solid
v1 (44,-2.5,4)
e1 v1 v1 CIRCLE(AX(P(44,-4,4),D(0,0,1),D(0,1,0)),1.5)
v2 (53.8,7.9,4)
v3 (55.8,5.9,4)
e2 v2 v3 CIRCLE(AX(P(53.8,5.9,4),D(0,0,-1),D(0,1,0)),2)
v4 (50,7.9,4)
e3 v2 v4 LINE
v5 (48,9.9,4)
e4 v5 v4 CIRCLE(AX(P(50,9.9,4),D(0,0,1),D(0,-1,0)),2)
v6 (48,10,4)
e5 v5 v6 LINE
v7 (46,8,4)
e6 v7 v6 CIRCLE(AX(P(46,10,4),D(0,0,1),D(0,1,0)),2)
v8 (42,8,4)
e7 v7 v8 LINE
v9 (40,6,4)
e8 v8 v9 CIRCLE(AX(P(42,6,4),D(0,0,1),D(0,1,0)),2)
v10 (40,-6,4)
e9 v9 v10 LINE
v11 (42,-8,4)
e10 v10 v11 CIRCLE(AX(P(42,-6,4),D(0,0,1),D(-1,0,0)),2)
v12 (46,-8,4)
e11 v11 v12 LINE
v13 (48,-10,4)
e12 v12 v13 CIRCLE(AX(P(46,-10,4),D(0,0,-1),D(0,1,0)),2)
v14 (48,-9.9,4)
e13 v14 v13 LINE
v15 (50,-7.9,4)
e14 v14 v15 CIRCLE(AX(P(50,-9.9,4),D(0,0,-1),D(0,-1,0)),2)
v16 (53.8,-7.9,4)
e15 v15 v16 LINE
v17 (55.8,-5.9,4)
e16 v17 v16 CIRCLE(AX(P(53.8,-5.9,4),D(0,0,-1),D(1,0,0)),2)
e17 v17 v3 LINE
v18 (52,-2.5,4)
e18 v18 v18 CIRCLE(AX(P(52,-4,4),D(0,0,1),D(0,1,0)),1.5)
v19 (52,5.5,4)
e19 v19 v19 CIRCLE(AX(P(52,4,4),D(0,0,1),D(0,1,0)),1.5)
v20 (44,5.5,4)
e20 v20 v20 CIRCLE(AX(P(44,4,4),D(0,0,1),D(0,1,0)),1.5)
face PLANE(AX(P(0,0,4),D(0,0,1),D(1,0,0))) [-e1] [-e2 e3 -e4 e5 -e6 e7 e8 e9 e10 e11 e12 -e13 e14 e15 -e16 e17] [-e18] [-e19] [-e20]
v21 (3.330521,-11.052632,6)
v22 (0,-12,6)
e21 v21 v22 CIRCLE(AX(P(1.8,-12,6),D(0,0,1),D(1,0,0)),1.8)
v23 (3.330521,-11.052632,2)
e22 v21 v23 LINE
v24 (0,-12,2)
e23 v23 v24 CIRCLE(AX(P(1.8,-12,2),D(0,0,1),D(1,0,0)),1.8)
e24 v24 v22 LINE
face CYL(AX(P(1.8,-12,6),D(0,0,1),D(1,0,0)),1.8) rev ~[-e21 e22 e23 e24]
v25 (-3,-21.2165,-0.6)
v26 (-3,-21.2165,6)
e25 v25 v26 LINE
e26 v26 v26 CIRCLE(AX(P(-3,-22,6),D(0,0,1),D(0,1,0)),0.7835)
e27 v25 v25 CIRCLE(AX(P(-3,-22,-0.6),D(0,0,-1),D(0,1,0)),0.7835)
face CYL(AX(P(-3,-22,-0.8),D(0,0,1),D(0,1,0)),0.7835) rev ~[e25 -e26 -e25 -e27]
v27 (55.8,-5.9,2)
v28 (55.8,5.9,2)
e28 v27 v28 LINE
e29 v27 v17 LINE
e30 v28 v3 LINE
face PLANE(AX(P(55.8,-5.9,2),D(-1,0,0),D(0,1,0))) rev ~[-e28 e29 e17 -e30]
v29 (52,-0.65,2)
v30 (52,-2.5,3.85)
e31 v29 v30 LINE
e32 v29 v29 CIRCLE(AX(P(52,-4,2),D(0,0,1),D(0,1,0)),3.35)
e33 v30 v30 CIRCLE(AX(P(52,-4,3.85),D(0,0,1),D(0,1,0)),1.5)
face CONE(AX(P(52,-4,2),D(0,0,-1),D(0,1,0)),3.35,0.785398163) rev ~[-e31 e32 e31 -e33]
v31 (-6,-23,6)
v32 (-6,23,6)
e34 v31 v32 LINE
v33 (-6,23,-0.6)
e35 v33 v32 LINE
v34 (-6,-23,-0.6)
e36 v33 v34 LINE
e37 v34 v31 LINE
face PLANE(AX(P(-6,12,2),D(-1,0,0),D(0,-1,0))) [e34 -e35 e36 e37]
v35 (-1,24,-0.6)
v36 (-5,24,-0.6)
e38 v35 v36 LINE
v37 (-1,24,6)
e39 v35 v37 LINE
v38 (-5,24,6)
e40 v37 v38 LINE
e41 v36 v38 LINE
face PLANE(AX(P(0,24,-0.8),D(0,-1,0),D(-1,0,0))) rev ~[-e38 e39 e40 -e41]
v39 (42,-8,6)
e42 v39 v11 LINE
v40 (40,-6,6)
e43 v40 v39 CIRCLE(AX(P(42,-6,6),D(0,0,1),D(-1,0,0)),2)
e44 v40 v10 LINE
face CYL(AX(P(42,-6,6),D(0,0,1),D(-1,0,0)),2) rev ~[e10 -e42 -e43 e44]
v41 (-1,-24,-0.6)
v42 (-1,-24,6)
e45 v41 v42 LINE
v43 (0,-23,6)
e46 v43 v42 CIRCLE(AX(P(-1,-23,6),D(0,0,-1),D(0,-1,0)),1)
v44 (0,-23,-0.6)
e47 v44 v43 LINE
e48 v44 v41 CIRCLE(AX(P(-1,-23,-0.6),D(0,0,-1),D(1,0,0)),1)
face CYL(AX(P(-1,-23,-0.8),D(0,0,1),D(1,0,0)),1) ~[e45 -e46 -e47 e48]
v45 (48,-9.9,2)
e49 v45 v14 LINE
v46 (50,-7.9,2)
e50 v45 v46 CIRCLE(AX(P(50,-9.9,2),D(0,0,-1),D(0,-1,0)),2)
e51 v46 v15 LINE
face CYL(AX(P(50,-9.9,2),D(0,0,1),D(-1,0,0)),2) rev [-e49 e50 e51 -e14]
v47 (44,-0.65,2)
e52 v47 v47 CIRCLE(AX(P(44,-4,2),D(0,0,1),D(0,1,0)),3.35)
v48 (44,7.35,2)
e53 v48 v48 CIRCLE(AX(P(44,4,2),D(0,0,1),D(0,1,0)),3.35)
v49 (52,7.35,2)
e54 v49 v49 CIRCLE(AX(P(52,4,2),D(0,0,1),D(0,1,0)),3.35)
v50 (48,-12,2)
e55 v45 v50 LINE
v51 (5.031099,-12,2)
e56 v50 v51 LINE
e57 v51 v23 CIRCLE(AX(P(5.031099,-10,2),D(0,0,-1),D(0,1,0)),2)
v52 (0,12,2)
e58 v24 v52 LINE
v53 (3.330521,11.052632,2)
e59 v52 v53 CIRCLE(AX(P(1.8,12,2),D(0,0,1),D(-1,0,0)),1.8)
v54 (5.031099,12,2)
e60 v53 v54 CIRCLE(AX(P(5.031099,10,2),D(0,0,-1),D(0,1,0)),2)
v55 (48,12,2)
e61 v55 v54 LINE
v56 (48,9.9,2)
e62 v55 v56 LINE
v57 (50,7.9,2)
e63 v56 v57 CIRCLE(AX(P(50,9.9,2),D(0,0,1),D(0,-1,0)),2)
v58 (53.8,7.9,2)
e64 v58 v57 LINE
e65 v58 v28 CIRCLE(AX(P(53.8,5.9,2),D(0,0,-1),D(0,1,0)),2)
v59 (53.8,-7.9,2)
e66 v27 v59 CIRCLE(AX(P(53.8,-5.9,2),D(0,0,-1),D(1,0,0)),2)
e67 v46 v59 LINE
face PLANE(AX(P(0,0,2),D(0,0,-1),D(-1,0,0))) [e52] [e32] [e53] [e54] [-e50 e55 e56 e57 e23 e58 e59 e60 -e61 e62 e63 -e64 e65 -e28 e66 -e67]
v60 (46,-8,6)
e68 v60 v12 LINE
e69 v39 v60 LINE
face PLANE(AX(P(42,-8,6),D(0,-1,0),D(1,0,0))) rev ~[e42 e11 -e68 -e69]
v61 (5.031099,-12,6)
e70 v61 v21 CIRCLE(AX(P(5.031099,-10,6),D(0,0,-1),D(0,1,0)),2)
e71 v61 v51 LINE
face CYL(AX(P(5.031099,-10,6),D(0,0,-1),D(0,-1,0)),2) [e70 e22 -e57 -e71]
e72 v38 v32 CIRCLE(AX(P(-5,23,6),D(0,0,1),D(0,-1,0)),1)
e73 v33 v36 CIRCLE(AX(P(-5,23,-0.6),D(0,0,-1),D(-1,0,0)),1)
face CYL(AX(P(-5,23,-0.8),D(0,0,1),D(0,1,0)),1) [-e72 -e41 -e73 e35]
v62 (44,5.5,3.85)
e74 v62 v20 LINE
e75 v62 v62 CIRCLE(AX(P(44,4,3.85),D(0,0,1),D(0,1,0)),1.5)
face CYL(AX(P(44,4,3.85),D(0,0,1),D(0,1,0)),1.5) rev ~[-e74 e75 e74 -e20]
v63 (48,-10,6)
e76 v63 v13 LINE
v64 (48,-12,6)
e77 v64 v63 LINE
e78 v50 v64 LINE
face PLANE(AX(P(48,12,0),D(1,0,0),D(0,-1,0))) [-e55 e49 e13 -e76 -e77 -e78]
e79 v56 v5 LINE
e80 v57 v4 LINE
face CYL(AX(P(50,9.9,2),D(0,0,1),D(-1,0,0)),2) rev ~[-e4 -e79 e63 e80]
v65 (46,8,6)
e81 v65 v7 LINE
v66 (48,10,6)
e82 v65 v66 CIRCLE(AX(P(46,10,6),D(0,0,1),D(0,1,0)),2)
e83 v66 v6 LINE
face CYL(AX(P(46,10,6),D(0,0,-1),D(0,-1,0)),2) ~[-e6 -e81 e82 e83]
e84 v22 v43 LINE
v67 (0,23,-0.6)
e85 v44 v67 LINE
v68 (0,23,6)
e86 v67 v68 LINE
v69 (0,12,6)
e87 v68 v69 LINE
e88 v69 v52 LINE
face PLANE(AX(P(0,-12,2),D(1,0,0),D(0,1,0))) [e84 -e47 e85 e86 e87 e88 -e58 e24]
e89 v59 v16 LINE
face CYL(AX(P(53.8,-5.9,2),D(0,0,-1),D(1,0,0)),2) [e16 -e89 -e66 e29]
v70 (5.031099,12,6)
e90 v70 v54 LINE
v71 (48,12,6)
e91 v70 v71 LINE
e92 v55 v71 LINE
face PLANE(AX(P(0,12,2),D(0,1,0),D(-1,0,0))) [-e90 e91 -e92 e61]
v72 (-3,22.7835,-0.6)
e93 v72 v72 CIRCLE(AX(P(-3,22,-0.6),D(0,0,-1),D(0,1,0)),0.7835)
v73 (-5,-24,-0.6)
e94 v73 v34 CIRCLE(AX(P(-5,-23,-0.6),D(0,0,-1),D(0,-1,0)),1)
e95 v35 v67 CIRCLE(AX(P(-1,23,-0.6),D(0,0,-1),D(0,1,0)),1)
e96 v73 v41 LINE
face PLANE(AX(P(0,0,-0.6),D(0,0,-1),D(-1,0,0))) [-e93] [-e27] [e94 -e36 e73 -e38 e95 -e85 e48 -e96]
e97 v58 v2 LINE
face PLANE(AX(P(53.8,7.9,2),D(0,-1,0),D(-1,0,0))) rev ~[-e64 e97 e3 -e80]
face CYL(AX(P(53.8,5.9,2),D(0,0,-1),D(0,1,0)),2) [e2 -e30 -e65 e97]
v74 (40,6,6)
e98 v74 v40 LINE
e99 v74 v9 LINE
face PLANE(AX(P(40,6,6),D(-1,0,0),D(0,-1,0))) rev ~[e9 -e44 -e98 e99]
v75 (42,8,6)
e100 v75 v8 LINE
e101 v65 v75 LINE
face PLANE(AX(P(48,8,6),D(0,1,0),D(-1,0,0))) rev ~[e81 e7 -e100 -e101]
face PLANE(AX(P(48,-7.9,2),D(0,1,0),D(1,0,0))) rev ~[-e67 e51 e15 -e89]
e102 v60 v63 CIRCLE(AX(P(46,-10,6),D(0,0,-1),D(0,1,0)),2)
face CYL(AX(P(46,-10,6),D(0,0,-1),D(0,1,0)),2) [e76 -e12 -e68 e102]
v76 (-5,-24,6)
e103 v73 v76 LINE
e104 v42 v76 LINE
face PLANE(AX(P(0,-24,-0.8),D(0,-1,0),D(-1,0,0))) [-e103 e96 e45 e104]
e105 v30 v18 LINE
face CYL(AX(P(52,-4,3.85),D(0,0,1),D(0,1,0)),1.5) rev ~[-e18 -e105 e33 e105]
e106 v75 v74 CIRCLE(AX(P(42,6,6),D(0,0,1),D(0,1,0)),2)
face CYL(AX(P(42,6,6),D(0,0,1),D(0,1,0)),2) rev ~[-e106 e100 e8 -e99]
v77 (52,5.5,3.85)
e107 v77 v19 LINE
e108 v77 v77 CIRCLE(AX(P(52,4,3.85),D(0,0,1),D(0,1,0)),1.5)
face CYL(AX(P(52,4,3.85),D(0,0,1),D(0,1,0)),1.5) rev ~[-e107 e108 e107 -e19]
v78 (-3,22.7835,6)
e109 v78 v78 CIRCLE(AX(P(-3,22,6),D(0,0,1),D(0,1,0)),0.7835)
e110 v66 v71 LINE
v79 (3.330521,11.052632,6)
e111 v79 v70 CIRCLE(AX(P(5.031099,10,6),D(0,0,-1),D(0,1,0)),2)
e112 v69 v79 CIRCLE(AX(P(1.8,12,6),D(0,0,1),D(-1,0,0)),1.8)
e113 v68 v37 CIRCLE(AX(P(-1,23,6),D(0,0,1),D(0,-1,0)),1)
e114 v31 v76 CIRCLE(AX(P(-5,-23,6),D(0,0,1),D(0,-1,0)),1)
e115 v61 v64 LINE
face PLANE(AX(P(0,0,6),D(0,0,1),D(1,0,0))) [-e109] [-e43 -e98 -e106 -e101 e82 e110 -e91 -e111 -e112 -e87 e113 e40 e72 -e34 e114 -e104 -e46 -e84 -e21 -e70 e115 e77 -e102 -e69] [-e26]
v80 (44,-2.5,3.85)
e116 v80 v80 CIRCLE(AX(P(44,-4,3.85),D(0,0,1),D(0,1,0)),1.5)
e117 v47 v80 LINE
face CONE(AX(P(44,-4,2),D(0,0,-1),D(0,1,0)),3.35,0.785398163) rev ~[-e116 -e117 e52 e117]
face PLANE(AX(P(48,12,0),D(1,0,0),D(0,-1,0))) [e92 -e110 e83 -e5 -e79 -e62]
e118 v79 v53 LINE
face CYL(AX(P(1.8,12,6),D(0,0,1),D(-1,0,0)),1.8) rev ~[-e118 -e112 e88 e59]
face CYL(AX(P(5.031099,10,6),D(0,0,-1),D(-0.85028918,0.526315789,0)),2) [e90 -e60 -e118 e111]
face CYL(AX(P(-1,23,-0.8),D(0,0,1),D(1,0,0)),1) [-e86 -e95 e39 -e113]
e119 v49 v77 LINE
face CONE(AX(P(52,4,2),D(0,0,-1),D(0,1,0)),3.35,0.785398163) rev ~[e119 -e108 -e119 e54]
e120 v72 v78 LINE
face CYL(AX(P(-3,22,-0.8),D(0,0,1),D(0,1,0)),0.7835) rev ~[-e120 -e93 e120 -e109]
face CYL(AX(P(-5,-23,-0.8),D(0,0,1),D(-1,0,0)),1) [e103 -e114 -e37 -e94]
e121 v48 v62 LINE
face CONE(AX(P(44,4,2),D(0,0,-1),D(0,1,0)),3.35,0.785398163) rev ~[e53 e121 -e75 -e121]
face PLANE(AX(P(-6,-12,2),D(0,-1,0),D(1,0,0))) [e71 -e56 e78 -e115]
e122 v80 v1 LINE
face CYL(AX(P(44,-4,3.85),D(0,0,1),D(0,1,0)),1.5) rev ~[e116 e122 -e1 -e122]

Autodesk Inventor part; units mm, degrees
ref_plane "YZ Plane" through (0, 0, 0) normal (1, 0, 0) x (0, 1, 0)
ref_plane "XZ Plane" through (0, 0, 0) normal (0, 1, 0) x (-1, 0, 0)
ref_plane "XY Plane" through (0, 0, 0) normal (0, 0, 1) x (1, 0, 0)
sketch "Skizze1" plane through (0, 0, 0) normal (0, 0, 1) x (1, 0, 0)
  line L0 (-6, 12) -> (48, 12)
  line L1 (48, 12) -> (48, -12)
  line L2 (48, -12) -> (-6, -12)
  line L3 (-16.8, 0) -> (58.8, 0) projected
  line L4 (0, 16.8) -> (0, -16.8) projected
  line L5 (-6, 12) -> (-6, -12)
  point P0 (0, 0)
  dimension "d2" = 24
  dimension "d3" = 54
  dimension "d59" = 6
extrude "Extrusion1" add sketch "Skizze1" along normal blind 6
sketch "Skizze2" plane through (0, 0, 0) normal (0, 0, -1) x (-1, 0, 0)
  line L0 (-48, -12) -> (6, -12) projected
  line L1 (-48, 12) -> (-48, -12) projected
  line L2 (-48, 12) -> (6, 12) projected
  line L3 (6, -12) -> (-48, -12)
  line L4 (-48, -12) -> (-48, 12)
  line L5 (-48, 12) -> (6, 12)
  line L6 (6, 12) -> (6, -12)
  point P0 (0, 0)
extrude "Extrusion2" cut sketch "Skizze2" against normal blind 2
sketch "Skizze3" plane through (0, 0, 2) normal (0, 0, -1) x (-1, 0, 0)
  line L0 (6, -12) -> (-48, -12) projected
  line L1 (-48, -12) -> (-48, 12) projected
  line L2 (-48, 12) -> (6, 12) projected
  line L3 (-48, -12) -> (-44, -12)
  line L4 (-44, -12) -> (-44, 12)
  line L5 (-44, 12) -> (-48, 12)
  line L6 (-48, 12) -> (-48, -12)
  point P0 (0, 0)
  point P1 (0, -12.5)
  dimension "d9" = 4
extrude "Extrusion3" [suppressed]
sketch "Skizze4" plane through (0, 0, 6) normal (0, 0, 1) x (1, 0, 0)
  line L0 (48, -12) -> (48, 12) projected
  line L1 (-17, 0) -> (60, 0) projected
  point P0 (0, 0)
  point P1 (46, 0)
  dimension "d12" = 2
hole "Bohrung1" [suppressed]
pattern_linear "Rechteckige Anordnung1" [suppressed]
sketch "Skizze7" plane through (0, 0, 2) normal (0, 0, -1) x (-1, 0, 0)
  line L0 (6, -12) -> (-48, -12) projected
  line L1 (6, 12) -> (6, -12) projected
  line L2 (-48, 12) -> (6, 12) projected
  line L3 (-48, 12) -> (6, 12) projected
  line L4 (6, -12) -> (0, -12)
  line L5 (0, -12) -> (0, 12)
  line L6 (0, 12) -> (6, 12)
  line L7 (6, 12) -> (6, -12)
  line L8 (-48, -12) -> (-48, 12) projected
  point P0 (0, 0)
  point P1 (-44, 12)
extrude "Extrusion4" add sketch "Skizze7" along normal blind 2.8 contours L0 L5 L2 L1
sketch "Skizze8" plane through (0, 0, -0.8) normal (0, 0, -1) x (-1, 0, 0)
  line L0 (6, -12) -> (6, 12) projected
  line L1 (6, 12) -> (0, 12) projected
  line L2 (0, 12) -> (0, -12) projected
  line L3 (0, -12) -> (6, -12) projected
  line L4 (-58.8, 0) -> (16.8, 0) projected
  line L5 (6, 12) -> (0, 12)
  line L6 (0, 12) -> (0, 24)
  line L7 (0, 24) -> (6, 24)
  line L8 (6, 24) -> (6, 12)
  line L9 (6, -12) -> (-48, -12) projected
  line L10 (6, -12) -> (0, -12)
  line L11 (0, -12) -> (0, -24)
  line L12 (0, -24) -> (6, -24)
  line L13 (6, -24) -> (6, -12)
  line L14 (6, -12) -> (6, 12) projected
  dimension "d67" = 48
extrude "Extrusion5" add sketch "Skizze8" against normal up to surface (6.8 mm away)
sketch "Skizze9" plane through (0, 0, 6) normal (0, 0, 1) x (1, 0, 0)
  line L0 (0, -12) -> (48, -12) projected
  line L1 (48, -12) -> (48, 12) projected
  line L2 (48, 12) -> (0, 12) projected
  line L3 (0, 24) -> (0, 12) projected
  line L4 (-6, 24) -> (0, 24) projected
  line L5 (-6, -24) -> (-6, 24) projected
  line L6 (0, -24) -> (-6, -24) projected
  line L7 (0, -12) -> (0, -24) projected
  line L8 (48, 12) -> (0, 12) projected
  arc A0 (0, 12) -> (3.6, 12) centre (1.8, 12) ccw
  line L9 (0, -12) -> (48, -12) projected
  arc A1 (3.6, -12) -> (0, -12) centre (1.8, -12) ccw
  line L10 (-16.8, 0) -> (58.8, 0) projected
  point P0 (0, 0)
  point P1 (44, 12)
  point P2 (44, -12)
  dimension "d68" = 1.8
extrude "Extrusion6" cut sketch "Skizze9" against normal through all contours A1 L0 | A0 L2
fillet "Rundung1" radius 2 4 edges at (0, -12, 4) (3.6, -12, 4) (0, 12, 4) (3.6, 12, 4)
sketch "Skizze10" plane through (0, 0, -0.8) normal (0, 0, -1) x (-1, 0, 0)
  line L0 (0, -24) -> (0, 24) projected
  line L1 (-58.8, 0) -> (16.8, 0) projected
  line L2 (0, -22) -> (6, -22) construction
  line L3 (6, 24) -> (6, -24) projected
  point P0 (0, 0)
  point P1 (3, -22)
  point P2 (3, 22)
  dimension "d72" = 22
hole "Bohrung4" at (-3, -22, -0.8) at (-3, 22, -0.8) direction (0, 0, 1) diameter 1.567 end through all thread size "M2x0.4" class "6H" standard "ISO Metric profile"
fillet "Rundung2" radius 1 4 edges at (0, 24, 2.6) (-6, 24, 2.6) (0, -24, 2.6) (-6, -24, 2.6)
sketch "Skizze11" plane through (0, 0, -0.8) normal (0, 0, -1) x (-1, 0, 0)
  arc A0 (5, -24) -> (6, -23) centre (5, -23) ccw projected
  line L0 (6, 23) -> (6, -23) projected
  arc A1 (6, 23) -> (5, 24) centre (5, 23) ccw projected
  line L1 (1, 24) -> (5, 24) projected
  arc A2 (1, 24) -> (0, 23) centre (1, 23) ccw projected
  line L2 (0, -23) -> (0, 23) projected
  arc A3 (0, -23) -> (1, -24) centre (1, -23) ccw projected
  line L3 (5, -24) -> (1, -24) projected
  circle A4 centre (3, -22) radius 0.7835 projected
  circle A5 centre (3, 22) radius 0.7835 projected
  point P0 (0, 0)
extrude "Extrusion7" cut sketch "Skizze11" against normal blind 0.2
sketch "Skizze12" plane through (0, 0, 6) normal (0, 0, 1) x (1, 0, 0)
  line L0 (48, -12) -> (48, 12) construction
  line L1 (-16.8, 0) -> (58.8, 0) construction
  line L2 (48, -12) -> (48, 12) projected
  line L3 (48, 8) -> (42, 8)
  line L4 (40, 6) -> (40, -6)
  line L5 (42, -8) -> (48, -8)
  line L6 (48, -8) -> (48, 8)
  arc A0 (42, 8) -> (40, 6) centre (42, 6) ccw
  arc A1 (40, -6) -> (42, -8) centre (42, -6) ccw
  point P0 (0, 0)
  dimension "d83" = 2
  dimension "d84" = 4
  dimension "d85" = 8
extrude "Extrusion8" cut sketch "Skizze12" against normal blind 2
sketch "Skizze13" plane through (0, 0, 2) normal (0, 0, -1) x (-1, 0, 0)
  line L0 (-48, -12) -> (-48, 12) construction
  line L1 (-58.8, 0) -> (16.8, 0) construction
  line L2 (-48, -7.9) -> (-53.8, -7.9)
  line L3 (-55.8, -5.9) -> (-55.8, 5.9)
  line L4 (-53.8, 7.9) -> (-48, 7.9)
  line L5 (-48, 7.9) -> (-48, -7.9)
  arc A0 (-55.8, -5.9) -> (-53.8, -7.9) centre (-53.8, -5.9) ccw
  arc A1 (-53.8, 7.9) -> (-55.8, 5.9) centre (-53.8, 5.9) ccw
  point P0 (0, 0)
  dimension "d88" = 2
  dimension "d89" = 4.1
  dimension "d90" = 7.8
extrude "Extrusion9" add sketch "Skizze13" against normal blind 2
sketch "Skizze14" plane through (0, 0, 2) normal (0, 0, -1) x (-1, 0, 0)
  line L0 (-48, -12) -> (-48, -7.9) construction
  line L1 (-68.16, 0) -> (18.36, 0) construction
  line L2 (-44, -4) -> (-52, -4) construction
  line L3 (-52, -4) -> (-52, 4) construction
  line L4 (-52, 4) -> (-44, 4) construction
  line L5 (-44, 4) -> (-44, -4) construction
  point P0 (0, 0)
  dimension "d93" = 8
  dimension "d94" = 8
hole "Bohrung5" at (44, -4, 2) at (52, -4, 2) at (52, 4, 2) at (44, 4, 2) direction (0, 0, 1) diameter 3 end through all countersink diameter 6.7 countersink angle 90
fillet "Rundung3" radius 2 4 edges at (48, -8, 5) (48, -7.9, 3) (48, 8, 5) (48, 7.9, 3)
properties part number "Kicker Chip" material "Aluminium 6061"
